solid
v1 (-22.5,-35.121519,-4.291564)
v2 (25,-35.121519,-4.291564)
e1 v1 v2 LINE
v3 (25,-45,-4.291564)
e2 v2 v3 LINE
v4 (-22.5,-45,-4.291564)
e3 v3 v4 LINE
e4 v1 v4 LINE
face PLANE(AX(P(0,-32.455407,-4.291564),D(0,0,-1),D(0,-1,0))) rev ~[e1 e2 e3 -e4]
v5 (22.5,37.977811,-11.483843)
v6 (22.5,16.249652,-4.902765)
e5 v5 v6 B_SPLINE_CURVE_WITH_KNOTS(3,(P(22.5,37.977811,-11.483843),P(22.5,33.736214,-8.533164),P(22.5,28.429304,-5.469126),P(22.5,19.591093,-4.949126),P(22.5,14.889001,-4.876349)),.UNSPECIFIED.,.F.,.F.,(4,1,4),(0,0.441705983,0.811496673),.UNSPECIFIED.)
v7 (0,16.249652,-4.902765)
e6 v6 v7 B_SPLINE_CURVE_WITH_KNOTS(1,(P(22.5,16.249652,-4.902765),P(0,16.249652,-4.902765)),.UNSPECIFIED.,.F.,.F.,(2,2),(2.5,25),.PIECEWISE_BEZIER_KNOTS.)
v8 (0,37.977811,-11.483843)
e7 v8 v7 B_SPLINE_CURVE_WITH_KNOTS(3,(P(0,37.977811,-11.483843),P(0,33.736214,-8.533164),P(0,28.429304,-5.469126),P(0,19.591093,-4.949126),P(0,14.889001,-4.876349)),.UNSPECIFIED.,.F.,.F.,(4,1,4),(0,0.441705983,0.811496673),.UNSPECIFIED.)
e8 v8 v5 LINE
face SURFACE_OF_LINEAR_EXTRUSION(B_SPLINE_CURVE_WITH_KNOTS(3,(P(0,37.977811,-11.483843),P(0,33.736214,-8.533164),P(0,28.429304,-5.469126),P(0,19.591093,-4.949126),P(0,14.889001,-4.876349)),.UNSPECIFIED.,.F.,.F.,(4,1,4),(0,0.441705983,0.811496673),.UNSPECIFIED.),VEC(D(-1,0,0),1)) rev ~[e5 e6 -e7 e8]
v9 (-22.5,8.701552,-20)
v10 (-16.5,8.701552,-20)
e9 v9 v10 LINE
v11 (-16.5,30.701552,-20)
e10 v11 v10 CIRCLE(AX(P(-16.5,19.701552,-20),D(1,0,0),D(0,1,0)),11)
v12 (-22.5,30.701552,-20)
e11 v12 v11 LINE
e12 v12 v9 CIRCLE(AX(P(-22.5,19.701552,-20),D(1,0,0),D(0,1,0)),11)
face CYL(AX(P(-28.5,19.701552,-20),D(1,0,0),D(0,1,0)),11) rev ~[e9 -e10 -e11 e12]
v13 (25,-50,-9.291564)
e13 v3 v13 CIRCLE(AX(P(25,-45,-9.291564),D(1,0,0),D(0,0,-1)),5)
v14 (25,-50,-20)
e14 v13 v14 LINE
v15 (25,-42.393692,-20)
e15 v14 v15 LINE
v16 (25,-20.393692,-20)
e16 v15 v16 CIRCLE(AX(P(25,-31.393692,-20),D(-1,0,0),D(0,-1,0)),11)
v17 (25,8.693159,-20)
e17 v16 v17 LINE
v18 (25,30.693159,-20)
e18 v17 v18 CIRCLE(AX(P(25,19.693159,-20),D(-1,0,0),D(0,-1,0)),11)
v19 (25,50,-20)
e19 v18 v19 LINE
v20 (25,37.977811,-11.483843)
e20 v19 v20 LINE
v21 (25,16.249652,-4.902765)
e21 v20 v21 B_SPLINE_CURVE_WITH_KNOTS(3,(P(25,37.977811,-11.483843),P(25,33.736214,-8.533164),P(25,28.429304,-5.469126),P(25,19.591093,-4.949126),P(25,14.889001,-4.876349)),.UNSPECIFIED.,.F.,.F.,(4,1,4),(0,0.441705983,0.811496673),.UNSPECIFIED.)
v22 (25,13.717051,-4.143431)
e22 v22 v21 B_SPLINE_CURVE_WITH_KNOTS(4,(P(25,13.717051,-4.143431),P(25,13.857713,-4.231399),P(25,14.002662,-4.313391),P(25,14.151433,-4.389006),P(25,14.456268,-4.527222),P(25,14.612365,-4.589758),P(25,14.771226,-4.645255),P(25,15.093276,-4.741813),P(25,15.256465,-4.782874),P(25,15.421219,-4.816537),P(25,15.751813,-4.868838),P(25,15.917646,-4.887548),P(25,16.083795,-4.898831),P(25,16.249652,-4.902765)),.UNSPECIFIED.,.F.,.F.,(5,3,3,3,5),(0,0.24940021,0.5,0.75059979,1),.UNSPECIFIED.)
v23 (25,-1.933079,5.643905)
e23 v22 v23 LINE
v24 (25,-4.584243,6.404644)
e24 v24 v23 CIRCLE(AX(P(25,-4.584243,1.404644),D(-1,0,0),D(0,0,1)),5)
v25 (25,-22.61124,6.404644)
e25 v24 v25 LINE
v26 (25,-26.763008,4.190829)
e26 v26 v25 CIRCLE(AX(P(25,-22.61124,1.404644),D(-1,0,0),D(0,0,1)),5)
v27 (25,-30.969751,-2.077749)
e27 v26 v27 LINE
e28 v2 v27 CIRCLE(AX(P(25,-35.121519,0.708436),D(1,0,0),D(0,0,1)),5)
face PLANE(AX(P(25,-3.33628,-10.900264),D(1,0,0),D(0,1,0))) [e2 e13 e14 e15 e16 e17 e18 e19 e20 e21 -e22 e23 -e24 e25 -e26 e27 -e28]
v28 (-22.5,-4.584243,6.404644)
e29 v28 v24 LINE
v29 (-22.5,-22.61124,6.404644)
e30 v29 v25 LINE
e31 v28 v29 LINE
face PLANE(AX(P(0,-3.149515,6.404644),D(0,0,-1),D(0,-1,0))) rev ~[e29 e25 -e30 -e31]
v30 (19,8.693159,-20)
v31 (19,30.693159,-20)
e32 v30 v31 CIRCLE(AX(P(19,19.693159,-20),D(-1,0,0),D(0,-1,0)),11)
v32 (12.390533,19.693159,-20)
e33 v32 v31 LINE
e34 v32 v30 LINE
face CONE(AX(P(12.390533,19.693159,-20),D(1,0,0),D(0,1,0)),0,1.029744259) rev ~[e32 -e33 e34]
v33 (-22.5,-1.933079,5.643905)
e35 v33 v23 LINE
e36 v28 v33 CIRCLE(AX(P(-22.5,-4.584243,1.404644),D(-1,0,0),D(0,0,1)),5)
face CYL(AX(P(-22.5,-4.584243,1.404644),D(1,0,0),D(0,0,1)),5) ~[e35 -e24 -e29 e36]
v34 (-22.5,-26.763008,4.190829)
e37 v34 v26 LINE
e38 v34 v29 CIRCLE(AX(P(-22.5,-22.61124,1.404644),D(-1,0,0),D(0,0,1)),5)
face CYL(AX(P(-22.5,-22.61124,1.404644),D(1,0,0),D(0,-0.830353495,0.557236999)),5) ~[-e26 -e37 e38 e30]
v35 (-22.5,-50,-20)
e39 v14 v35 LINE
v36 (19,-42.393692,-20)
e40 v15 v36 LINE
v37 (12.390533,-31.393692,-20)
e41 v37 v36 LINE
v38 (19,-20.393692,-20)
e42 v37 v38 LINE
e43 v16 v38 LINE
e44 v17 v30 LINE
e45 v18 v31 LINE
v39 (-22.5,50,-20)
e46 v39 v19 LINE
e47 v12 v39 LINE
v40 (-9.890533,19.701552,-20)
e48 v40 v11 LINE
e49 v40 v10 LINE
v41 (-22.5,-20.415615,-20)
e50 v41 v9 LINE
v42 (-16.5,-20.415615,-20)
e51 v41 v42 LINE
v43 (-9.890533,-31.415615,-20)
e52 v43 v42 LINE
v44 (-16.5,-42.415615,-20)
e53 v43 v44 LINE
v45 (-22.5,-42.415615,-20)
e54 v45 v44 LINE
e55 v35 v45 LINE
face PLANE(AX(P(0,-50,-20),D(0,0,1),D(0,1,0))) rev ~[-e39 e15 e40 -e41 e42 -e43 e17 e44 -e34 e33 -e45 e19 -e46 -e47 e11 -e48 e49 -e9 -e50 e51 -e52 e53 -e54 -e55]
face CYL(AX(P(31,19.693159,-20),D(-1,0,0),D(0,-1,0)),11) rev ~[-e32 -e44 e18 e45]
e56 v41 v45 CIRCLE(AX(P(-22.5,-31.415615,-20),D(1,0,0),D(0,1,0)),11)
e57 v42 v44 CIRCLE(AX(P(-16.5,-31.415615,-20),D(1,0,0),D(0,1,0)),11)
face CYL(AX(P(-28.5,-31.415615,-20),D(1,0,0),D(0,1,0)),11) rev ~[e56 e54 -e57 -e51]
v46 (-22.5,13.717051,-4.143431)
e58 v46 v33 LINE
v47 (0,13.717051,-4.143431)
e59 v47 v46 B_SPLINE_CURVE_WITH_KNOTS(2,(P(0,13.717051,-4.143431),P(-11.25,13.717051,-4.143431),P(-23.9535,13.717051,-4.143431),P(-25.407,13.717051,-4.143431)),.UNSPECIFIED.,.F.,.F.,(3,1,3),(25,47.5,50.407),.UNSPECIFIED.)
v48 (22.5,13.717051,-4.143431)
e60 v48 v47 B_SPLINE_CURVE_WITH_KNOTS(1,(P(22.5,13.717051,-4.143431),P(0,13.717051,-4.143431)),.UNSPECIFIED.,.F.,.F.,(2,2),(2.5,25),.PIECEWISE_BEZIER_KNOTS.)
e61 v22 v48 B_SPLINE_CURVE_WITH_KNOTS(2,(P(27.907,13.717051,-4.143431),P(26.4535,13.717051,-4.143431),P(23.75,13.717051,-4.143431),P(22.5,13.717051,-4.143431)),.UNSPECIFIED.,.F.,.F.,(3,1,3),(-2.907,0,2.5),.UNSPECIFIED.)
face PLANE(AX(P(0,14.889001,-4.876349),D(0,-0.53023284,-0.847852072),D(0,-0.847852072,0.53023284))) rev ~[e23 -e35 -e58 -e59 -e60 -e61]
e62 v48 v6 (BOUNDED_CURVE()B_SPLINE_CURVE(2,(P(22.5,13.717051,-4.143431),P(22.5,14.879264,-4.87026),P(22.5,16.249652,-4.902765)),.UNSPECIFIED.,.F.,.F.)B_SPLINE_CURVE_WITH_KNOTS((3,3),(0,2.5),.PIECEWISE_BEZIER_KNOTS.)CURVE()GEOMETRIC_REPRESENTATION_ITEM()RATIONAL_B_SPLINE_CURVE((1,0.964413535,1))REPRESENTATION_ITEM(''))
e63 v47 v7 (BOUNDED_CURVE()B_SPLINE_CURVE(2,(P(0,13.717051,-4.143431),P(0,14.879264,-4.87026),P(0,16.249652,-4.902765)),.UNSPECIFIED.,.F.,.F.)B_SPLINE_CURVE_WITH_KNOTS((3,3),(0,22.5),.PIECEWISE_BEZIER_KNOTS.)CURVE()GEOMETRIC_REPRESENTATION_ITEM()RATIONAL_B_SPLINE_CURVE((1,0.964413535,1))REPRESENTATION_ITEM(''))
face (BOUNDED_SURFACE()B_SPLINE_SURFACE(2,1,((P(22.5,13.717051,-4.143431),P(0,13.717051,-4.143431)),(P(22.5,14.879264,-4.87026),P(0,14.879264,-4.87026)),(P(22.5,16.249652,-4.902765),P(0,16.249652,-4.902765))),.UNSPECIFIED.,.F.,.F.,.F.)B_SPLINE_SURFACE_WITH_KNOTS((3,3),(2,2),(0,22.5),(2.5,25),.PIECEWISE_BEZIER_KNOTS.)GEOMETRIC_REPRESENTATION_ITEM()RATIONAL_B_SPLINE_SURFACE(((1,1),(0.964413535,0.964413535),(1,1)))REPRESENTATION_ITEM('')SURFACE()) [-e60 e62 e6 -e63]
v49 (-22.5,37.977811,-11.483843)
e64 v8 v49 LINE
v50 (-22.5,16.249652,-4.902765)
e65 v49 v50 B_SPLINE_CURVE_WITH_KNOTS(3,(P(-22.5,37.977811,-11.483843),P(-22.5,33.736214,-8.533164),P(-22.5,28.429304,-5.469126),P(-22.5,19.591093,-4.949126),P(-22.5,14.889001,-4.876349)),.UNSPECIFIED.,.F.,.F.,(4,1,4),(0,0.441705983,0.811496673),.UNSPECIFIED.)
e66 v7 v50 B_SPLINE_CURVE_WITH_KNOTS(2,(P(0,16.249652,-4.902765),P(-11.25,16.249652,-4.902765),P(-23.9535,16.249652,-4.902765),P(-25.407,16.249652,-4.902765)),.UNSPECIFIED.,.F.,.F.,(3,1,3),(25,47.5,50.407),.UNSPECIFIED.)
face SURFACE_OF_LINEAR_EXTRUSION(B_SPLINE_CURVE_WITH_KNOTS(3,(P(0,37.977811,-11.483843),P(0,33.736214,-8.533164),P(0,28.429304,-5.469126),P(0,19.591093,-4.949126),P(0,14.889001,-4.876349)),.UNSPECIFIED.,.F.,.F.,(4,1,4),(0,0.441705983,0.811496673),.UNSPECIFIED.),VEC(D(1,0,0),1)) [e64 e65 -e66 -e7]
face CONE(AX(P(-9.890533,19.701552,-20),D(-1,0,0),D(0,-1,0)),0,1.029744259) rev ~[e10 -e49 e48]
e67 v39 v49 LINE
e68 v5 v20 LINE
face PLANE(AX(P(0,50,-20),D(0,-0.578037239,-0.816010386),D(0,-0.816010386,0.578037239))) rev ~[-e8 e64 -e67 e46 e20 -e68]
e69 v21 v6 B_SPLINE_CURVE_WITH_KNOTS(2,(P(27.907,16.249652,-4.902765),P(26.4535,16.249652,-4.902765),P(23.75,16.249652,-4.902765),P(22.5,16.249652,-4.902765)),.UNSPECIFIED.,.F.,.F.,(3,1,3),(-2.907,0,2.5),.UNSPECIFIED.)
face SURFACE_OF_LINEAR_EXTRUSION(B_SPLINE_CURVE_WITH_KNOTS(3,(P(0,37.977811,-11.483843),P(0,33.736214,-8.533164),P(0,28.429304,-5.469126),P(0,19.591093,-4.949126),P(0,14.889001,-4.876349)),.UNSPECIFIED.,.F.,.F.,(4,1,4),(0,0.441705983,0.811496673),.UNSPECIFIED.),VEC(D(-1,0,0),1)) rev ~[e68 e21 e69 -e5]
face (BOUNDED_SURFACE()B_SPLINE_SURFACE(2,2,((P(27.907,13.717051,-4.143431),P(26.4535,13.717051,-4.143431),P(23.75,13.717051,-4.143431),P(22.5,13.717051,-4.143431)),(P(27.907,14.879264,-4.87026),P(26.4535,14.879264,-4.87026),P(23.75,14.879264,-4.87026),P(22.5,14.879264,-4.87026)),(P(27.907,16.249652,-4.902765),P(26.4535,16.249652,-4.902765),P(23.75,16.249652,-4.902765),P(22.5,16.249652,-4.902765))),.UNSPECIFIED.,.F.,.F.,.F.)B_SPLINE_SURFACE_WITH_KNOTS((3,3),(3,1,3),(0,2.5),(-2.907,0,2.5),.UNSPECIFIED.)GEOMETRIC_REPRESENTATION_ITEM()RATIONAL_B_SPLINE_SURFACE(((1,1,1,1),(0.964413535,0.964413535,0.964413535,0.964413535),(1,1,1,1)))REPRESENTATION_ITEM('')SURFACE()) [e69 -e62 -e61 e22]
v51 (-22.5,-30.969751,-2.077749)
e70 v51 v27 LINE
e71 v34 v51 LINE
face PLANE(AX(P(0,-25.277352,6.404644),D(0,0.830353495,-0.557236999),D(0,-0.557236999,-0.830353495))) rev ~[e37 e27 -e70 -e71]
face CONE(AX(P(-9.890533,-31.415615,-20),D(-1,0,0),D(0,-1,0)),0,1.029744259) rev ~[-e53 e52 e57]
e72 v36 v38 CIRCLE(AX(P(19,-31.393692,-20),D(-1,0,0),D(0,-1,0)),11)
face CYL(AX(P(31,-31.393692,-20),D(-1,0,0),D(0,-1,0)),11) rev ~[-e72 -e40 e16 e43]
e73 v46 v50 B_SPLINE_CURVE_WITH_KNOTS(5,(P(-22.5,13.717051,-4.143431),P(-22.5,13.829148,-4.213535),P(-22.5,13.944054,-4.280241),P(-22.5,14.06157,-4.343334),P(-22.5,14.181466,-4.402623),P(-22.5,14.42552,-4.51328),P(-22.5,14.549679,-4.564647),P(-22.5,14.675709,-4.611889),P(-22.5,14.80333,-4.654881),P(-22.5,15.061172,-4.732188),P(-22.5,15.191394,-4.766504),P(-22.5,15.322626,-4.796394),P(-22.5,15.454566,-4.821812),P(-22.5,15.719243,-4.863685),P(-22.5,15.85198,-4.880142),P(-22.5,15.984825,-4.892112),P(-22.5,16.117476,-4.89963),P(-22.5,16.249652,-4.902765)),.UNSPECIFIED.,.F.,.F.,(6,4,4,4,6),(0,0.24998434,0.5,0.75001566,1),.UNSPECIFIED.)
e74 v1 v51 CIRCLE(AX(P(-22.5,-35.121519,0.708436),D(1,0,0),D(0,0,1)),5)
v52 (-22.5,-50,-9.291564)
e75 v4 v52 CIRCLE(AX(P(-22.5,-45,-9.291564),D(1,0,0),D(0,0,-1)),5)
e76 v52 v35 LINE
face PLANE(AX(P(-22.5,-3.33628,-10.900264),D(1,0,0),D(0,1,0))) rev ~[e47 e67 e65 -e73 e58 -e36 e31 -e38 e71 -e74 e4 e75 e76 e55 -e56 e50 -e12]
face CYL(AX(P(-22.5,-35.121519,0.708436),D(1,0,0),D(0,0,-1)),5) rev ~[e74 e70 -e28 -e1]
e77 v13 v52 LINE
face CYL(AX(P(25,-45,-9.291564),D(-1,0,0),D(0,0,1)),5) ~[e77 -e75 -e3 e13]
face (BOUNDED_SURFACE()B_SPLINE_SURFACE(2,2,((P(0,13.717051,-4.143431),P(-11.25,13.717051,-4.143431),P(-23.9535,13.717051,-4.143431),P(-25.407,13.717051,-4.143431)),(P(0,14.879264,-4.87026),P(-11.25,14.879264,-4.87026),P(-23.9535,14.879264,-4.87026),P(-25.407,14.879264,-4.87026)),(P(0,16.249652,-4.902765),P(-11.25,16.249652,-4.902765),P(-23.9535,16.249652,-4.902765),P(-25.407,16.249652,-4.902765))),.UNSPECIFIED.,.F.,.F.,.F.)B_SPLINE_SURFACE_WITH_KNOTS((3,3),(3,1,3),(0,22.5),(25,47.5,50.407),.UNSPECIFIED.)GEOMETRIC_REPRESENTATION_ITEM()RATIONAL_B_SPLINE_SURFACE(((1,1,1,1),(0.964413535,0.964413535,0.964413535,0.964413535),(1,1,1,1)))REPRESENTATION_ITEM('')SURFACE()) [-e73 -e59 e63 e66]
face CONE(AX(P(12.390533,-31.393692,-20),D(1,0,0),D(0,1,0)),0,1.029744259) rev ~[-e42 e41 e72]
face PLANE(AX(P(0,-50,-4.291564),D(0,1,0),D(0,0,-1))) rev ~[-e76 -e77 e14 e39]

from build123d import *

# Parameters (mm, degrees)
F1_DEPTH = 22.5
F2_DEPTH = 25
F3_R     = 5
F5_D     = 22
F5_DEPTH = 6
F5_TIP   = 6.6094668093
F6_D     = 22
F6_DEPTH = 6
F6_TIP   = 6.6094668093
F8_D     = 22
F8_DEPTH = 6
F8_TIP   = 6.6094668093
F9_D     = 22
F9_DEPTH = 6
F9_TIP   = 6.6094668093


with BuildPart() as f1:
    # F0 (on Right) → F1 (new body, symmetric)
    with BuildSketch(Plane.YZ):
        with BuildLine():
            Line((-50, -20), (50, -20))
            Line((50, -20), (37.9778109491, -11.483842507))
            add(Edge.make_bspline(
                [(37.9778109491, -11.483842507), (33.7362140417, -8.5331639275), (28.4293044028, -5.4691263704), (19.5910925664, -4.9491255013), (14.8890013853, -4.8763493822)],
                knots=[0, 0, 0, 0, 0.441705983, 0.8114966727, 0.8114966727, 0.8114966727, 0.8114966727], degree=3))
            Line((14.8890013853, -4.8763493822), (-3.1495152507, 6.404644344))
            Line((-3.1495152507, 6.404644344), (-25.2773519605, 6.404644344))
            Line((-25.2773519605, 6.404644344), (-32.455407083, -4.2915642262))
            Line((-32.455407083, -4.2915642262), (-50, -4.2915642262))
            Line((-50, -4.2915642262), (-50, -20))
        make_face()
    extrude(amount=F1_DEPTH, both=True)

    # F0 (on Right) → F2 (join)
    with BuildSketch(Plane.YZ):
        with BuildLine():
            Line((-50, -20), (50, -20))
            Line((50, -20), (37.9778109491, -11.483842507))
            add(Edge.make_bspline(
                [(37.9778109491, -11.483842507), (33.7362140417, -8.5331639275), (28.4293044028, -5.4691263704), (19.5910925664, -4.9491255013), (14.8890013853, -4.8763493822)],
                knots=[0, 0, 0, 0, 0.441705983, 0.8114966727, 0.8114966727, 0.8114966727, 0.8114966727], degree=3))
            Line((14.8890013853, -4.8763493822), (-3.1495152507, 6.404644344))
            Line((-3.1495152507, 6.404644344), (-25.2773519605, 6.404644344))
            Line((-25.2773519605, 6.404644344), (-32.455407083, -4.2915642262))
            Line((-32.455407083, -4.2915642262), (-50, -4.2915642262))
            Line((-50, -4.2915642262), (-50, -20))
        make_face()
    extrude(amount=F2_DEPTH)

    # F3
    f3_edges = [f1.edges().sort_by_distance(p)[0] for p in [
        (1.25, -25.277352, 6.404644),
        (1.25, -32.455407, -4.291564),
        (1.25, -50, -4.291564),
        (1.25, -3.149515, 6.404644),
        (-11.25, 14.889001, -4.876349),
        (23.75, 14.889001, -4.876349),
        (11.25, 14.889001, -4.876349),
    ]]
    fillet(f3_edges, radius=F3_R)

    # F5
    with Locations(Plane.YZ.offset(25)):
        with Locations((-31.3936918974, -20)):
            Hole(F5_D / 2, depth=F5_DEPTH)
            with Locations((0, 0, -(F5_DEPTH + F5_TIP / 2))):  # 118° drill point
                Cone(0, F5_D / 2, F5_TIP, mode=Mode.SUBTRACT)

    # F6
    with Locations(Plane.YZ.offset(25)):
        with Locations((19.693158567, -20)):
            Hole(F6_D / 2, depth=F6_DEPTH)
            with Locations((0, 0, -(F6_DEPTH + F6_TIP / 2))):  # 118° drill point
                Cone(0, F6_D / 2, F6_TIP, mode=Mode.SUBTRACT)

    # F8
    with Locations(Plane(origin=(-22.5, 0, 0), x_dir=(0, -1, 0), z_dir=(-1, 0, 0))):
        with Locations((-19.701551646, -20)):
            Hole(F8_D / 2, depth=F8_DEPTH)
            with Locations((0, 0, -(F8_DEPTH + F8_TIP / 2))):  # 118° drill point
                Cone(0, F8_D / 2, F8_TIP, mode=Mode.SUBTRACT)

    # F9
    with Locations(Plane(origin=(-22.5, 0, 0), x_dir=(0, -1, 0), z_dir=(-1, 0, 0))):
        with Locations((31.4156152308, -20)):
            Hole(F9_D / 2, depth=F9_DEPTH)
            with Locations((0, 0, -(F9_DEPTH + F9_TIP / 2))):  # 118° drill point
                Cone(0, F9_D / 2, F9_TIP, mode=Mode.SUBTRACT)


solid = f1.part
